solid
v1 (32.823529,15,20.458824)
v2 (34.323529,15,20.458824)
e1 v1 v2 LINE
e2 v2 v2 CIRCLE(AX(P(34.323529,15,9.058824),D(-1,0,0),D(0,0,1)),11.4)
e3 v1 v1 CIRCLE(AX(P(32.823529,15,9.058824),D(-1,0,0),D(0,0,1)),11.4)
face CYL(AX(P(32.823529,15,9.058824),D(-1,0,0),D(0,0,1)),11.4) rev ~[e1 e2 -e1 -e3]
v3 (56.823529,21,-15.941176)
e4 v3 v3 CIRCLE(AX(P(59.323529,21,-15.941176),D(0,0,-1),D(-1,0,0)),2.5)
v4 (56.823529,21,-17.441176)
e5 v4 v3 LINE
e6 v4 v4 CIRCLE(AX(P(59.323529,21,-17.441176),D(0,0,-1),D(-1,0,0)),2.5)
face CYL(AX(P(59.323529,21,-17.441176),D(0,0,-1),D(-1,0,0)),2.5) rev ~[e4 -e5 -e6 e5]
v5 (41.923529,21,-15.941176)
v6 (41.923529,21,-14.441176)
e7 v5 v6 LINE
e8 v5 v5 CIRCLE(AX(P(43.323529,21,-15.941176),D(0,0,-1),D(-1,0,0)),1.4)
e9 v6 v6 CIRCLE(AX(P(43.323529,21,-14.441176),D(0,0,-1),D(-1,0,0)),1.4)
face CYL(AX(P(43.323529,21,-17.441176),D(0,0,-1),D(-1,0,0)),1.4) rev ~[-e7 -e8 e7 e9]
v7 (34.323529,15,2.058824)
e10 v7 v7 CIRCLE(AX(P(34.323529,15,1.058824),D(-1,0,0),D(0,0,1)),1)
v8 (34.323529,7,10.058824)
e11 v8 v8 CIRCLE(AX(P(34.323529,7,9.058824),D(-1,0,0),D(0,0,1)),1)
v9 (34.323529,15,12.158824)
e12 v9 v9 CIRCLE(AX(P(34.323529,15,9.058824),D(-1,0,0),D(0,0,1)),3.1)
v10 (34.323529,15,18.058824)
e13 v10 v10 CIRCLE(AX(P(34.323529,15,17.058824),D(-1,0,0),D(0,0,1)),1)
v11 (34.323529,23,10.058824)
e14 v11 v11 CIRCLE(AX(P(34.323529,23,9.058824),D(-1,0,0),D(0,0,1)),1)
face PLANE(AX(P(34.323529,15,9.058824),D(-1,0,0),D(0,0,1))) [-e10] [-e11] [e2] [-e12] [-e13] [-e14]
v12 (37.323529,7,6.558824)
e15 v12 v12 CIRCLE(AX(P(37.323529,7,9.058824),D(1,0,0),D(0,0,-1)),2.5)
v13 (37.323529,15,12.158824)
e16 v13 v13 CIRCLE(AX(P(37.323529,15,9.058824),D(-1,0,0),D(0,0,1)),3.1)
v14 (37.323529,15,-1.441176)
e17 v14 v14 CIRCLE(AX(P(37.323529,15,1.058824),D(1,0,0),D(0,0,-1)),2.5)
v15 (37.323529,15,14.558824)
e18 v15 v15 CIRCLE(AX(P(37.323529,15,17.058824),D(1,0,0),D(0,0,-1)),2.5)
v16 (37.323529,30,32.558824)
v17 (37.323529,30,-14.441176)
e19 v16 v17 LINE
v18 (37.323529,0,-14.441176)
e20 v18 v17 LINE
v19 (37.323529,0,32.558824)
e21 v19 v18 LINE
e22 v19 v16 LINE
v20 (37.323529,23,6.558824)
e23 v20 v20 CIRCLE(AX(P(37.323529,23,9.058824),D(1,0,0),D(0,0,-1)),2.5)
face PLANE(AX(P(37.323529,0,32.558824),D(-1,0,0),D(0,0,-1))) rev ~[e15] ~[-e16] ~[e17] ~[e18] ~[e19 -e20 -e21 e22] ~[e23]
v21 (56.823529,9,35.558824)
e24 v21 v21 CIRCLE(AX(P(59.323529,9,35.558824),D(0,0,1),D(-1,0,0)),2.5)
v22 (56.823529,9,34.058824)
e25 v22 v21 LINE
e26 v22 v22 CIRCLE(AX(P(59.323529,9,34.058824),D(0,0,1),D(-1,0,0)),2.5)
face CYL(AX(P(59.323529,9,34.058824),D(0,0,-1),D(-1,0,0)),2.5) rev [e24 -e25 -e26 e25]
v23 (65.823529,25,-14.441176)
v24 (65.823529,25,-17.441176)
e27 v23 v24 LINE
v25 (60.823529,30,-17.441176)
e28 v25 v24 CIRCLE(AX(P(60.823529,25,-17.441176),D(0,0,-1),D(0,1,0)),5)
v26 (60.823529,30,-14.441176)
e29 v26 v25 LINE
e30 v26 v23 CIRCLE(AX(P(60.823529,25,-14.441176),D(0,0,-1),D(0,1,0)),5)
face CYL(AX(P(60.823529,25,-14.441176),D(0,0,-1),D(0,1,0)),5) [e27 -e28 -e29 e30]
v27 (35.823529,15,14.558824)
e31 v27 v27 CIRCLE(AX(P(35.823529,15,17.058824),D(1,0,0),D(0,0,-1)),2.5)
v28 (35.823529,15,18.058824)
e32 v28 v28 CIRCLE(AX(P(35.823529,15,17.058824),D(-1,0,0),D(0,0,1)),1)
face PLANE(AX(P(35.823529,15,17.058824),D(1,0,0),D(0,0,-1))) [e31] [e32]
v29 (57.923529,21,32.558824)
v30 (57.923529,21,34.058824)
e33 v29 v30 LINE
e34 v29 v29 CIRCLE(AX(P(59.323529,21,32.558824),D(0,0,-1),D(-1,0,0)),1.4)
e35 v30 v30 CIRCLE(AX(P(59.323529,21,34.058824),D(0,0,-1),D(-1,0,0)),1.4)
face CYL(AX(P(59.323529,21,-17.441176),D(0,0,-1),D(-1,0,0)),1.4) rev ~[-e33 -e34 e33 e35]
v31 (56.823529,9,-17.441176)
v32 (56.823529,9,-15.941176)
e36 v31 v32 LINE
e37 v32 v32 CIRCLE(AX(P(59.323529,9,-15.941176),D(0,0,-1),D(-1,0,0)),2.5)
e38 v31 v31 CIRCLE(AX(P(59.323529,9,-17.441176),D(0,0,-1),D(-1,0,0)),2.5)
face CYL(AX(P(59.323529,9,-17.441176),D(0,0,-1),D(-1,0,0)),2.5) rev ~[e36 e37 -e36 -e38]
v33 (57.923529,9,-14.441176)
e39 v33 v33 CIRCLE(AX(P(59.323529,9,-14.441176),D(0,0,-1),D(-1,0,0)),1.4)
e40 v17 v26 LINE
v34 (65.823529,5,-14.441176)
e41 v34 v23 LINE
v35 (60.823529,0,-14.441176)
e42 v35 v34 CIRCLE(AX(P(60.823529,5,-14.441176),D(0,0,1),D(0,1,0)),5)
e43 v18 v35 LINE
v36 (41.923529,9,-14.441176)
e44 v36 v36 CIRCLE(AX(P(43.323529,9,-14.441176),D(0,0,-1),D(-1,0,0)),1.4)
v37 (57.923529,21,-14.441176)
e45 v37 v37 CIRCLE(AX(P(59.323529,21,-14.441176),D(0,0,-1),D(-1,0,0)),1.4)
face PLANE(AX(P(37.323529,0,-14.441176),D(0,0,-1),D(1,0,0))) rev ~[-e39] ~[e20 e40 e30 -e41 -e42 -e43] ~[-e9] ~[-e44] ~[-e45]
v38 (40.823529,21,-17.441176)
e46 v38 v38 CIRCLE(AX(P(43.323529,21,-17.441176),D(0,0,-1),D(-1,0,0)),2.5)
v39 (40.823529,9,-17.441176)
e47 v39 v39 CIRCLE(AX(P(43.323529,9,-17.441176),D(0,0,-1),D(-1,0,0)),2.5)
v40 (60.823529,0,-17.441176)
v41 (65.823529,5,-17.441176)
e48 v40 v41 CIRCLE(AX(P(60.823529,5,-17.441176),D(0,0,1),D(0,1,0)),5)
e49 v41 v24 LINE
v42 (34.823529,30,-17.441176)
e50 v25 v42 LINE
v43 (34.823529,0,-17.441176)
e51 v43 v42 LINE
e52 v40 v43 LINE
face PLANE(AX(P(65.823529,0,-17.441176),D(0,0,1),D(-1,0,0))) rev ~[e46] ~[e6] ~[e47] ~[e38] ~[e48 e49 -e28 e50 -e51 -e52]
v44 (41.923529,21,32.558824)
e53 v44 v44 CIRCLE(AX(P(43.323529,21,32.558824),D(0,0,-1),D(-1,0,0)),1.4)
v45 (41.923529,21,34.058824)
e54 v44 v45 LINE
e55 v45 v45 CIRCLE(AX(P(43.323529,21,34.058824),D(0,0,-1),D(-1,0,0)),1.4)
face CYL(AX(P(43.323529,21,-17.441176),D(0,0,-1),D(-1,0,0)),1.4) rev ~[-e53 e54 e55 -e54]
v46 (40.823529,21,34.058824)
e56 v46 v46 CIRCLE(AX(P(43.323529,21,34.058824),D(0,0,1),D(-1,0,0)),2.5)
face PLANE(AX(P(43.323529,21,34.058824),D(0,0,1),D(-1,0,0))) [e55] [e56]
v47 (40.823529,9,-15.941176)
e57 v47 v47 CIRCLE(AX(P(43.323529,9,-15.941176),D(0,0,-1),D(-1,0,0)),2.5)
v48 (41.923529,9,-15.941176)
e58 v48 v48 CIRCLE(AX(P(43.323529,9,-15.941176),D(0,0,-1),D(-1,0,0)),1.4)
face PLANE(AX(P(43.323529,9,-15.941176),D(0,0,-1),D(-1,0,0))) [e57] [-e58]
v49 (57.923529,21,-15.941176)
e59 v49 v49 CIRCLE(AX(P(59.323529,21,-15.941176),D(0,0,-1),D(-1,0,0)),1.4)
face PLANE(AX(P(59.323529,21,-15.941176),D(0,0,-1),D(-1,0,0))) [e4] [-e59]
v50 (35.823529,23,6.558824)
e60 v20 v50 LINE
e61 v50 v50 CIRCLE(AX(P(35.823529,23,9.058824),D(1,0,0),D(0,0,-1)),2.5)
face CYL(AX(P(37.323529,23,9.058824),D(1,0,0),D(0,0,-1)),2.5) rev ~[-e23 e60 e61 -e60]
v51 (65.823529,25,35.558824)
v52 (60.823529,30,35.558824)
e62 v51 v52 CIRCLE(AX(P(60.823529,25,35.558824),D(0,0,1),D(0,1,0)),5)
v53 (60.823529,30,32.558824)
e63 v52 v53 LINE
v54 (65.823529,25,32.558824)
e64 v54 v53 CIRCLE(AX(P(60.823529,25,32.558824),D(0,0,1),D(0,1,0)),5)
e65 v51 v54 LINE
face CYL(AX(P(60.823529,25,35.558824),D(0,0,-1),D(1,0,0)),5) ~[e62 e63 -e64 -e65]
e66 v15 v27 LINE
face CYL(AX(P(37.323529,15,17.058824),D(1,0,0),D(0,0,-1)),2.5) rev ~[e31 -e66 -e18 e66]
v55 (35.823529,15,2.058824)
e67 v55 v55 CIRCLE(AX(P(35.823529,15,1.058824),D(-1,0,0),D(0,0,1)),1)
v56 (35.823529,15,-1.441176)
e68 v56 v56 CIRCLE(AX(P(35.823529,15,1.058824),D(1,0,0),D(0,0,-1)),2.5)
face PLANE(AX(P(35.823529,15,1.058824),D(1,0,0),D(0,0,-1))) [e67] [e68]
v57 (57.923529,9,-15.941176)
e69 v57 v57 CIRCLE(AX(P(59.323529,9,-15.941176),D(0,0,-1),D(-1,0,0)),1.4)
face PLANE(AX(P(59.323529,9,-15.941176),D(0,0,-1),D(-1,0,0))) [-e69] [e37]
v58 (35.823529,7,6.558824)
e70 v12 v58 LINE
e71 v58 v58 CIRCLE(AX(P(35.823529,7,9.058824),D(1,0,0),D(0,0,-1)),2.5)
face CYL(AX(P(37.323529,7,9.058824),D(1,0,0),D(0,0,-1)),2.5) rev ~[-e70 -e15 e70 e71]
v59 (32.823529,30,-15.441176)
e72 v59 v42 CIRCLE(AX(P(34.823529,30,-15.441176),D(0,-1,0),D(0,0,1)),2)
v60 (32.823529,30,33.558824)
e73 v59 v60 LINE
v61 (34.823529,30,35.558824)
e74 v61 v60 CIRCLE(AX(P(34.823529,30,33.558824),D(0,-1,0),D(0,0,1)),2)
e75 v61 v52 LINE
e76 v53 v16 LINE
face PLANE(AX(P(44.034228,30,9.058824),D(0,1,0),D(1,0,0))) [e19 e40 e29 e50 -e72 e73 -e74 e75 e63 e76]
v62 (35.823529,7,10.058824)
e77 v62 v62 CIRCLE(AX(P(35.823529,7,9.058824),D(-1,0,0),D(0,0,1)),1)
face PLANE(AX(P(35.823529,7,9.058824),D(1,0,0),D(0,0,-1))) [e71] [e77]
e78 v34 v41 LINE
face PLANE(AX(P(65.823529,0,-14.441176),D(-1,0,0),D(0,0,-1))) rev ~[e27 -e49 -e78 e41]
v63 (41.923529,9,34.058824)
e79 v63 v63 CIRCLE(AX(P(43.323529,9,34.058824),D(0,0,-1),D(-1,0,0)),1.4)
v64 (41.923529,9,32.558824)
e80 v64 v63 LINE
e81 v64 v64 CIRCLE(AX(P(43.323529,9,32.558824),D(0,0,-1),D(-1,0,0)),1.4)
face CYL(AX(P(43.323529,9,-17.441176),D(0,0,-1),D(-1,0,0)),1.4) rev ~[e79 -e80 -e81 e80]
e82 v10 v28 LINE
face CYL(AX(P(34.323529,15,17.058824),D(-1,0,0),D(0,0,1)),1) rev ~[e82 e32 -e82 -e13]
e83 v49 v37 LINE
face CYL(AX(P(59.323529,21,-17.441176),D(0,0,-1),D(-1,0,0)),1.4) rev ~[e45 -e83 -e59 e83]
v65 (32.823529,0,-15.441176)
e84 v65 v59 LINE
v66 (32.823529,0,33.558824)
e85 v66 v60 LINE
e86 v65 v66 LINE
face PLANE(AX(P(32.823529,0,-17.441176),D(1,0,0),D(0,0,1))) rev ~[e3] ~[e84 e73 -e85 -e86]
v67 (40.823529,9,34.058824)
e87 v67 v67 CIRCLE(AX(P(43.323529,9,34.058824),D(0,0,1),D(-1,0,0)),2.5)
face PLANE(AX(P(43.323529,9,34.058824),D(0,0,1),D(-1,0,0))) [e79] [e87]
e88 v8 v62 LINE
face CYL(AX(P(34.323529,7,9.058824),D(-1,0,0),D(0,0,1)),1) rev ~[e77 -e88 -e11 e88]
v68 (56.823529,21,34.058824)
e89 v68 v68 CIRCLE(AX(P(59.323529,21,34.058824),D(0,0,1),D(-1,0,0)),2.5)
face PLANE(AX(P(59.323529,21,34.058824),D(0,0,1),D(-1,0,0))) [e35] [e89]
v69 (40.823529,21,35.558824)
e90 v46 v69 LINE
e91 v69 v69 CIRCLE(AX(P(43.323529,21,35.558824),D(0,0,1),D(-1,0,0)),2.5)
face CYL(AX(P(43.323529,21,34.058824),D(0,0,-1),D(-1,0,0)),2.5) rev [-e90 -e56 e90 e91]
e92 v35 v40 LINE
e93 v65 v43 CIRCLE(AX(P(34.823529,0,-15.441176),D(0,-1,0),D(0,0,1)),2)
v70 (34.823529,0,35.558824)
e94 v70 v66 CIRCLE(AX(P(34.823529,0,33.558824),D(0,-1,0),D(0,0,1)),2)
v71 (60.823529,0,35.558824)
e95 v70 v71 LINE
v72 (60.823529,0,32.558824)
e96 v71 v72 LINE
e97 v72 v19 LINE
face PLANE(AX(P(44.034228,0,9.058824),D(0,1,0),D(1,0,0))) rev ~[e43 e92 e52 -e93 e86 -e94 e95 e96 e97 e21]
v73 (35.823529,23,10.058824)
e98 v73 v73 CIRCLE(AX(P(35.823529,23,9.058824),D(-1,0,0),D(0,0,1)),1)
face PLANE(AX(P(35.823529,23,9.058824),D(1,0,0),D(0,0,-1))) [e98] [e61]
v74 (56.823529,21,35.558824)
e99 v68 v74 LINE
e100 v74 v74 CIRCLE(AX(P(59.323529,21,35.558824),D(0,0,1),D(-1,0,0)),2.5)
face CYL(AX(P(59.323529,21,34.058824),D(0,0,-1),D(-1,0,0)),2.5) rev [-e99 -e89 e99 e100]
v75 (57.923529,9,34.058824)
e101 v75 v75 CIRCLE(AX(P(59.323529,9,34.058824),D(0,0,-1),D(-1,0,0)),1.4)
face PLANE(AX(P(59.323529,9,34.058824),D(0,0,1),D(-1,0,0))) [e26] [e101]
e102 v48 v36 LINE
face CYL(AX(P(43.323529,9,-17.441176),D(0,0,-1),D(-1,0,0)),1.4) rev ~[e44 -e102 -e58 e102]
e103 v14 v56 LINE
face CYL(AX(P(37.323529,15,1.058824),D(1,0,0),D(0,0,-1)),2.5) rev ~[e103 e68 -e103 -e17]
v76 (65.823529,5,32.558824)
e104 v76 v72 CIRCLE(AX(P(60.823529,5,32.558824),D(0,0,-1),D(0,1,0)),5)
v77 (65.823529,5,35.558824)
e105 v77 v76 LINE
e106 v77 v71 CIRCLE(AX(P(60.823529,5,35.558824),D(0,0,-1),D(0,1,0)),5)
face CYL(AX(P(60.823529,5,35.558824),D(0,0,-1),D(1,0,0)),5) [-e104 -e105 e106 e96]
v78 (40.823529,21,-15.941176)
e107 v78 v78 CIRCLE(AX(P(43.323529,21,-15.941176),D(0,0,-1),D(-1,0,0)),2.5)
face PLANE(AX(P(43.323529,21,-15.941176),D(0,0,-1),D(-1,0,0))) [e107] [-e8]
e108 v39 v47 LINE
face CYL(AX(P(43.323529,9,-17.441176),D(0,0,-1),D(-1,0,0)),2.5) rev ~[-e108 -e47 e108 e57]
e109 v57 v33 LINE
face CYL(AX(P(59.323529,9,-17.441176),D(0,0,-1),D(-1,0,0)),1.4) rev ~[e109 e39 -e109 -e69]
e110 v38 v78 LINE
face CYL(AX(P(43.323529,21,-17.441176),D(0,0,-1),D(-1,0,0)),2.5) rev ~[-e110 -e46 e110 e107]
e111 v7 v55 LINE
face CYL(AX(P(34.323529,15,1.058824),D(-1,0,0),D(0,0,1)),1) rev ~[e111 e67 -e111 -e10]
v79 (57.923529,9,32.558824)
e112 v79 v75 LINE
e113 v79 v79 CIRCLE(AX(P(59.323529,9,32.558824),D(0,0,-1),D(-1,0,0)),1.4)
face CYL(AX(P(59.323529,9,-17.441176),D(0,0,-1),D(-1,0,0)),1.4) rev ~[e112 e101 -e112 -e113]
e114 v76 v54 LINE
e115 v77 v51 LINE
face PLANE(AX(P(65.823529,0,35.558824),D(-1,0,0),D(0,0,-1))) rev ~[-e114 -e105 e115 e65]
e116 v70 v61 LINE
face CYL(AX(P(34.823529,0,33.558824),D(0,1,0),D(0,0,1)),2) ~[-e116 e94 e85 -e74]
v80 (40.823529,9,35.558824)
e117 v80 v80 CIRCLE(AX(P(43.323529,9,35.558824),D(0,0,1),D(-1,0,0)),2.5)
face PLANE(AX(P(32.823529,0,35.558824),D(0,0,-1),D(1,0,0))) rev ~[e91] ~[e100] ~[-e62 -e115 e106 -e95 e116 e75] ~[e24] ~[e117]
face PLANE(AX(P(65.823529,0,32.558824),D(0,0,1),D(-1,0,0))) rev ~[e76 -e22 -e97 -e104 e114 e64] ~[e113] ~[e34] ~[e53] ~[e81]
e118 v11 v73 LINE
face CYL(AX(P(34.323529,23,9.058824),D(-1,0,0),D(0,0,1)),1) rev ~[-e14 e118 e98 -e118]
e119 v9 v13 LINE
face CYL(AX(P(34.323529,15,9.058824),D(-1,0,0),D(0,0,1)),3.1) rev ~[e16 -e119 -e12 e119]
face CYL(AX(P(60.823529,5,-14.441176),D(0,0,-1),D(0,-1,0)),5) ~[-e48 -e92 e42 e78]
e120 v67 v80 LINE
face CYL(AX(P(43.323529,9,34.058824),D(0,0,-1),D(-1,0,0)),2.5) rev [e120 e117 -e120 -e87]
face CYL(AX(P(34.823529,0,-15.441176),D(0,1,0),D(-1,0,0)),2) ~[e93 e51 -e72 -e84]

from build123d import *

# Parameters (mm, degrees)
BOSS_EXTRUDE1_DEPTH = 30
SKETCH2_R           = 1.4
CUT_EXTRUDE1_DEPTH  = 90.675732638
SKETCH3_R           = 2.5
CUT_EXTRUDE2_DEPTH  = 1.5
CUT_EXTRUDE3_START  = -1.5
SKETCH4_R           = 2.5
CUT_EXTRUDE3_DEPTH  = 1.5
SKETCH5_R           = 11.4
CUT_EXTRUDE4_DEPTH  = 1.5
SKETCH6_R           = 3.1
SKETCH6_R_2         = 1
CUT_EXTRUDE5_DEPTH  = 57.184338839
FILLET1_R           = 5
FILLET2_R           = 2
SKETCH7_R           = 2.5
CUT_EXTRUDE6_DEPTH  = 1.5


with BuildPart() as part:
    # Sketch1 → Boss-Extrude1 (new body)
    with BuildSketch(Plane(origin=(0, 0, 0), x_dir=(1, 0, 0), z_dir=(0, 1, 0))):
        Polygon((65.823529412, -35.558823529), (65.823529412, -32.558823529), (37.323529412, -32.558823529), (37.323529412, 14.441176471), (65.823529412, 14.441176471), (65.823529412, 17.441176471), (32.823529412, 17.441176471), (32.823529412, -35.558823529), align=None)
    extrude(amount=BOSS_EXTRUDE1_DEPTH)

    # Sketch2 → Cut-Extrude1 (cut, through all)
    with BuildSketch(Plane(origin=(0, 0, -17.441176471), x_dir=(-1, 0, 0), z_dir=(0, 0, -1))):
        with Locations((-59.323529412, 9)):
            Circle(SKETCH2_R)
        with Locations((-43.323529412, 9)):
            Circle(SKETCH2_R)
        with Locations((-43.323529412, 21)):
            Circle(SKETCH2_R)
        with Locations((-59.323529412, 21)):
            Circle(SKETCH2_R)
    extrude(amount=-CUT_EXTRUDE1_DEPTH, mode=Mode.SUBTRACT)

    # Sketch3 → Cut-Extrude2 (cut)
    with BuildSketch(Plane(origin=(0, 0, -17.441176471), x_dir=(-1, 0, 0), z_dir=(0, 0, -1))):
        with Locations((-59.323529412, 9)):
            Circle(SKETCH3_R)
        with Locations((-43.323529412, 9)):
            Circle(SKETCH3_R)
        with Locations((-43.323529412, 21)):
            Circle(SKETCH3_R)
        with Locations((-59.323529412, 21)):
            Circle(SKETCH3_R)
    extrude(amount=-CUT_EXTRUDE2_DEPTH, mode=Mode.SUBTRACT)

    # Sketch4 → Cut-Extrude3 (cut)
    with BuildSketch(Plane.XY.offset(35.558823529).offset(CUT_EXTRUDE3_START)):
        with Locations(Location((59.323529412, 21, 0), (0, 0, 180))):
            Circle(SKETCH4_R)
        with Locations(Location((43.323529412, 21, 0), (0, 0, 180))):
            Circle(SKETCH4_R)
        with Locations(Location((43.323529412, 9, 0), (0, 0, 180))):
            Circle(SKETCH4_R)
        with Locations(Location((59.323529412, 9, 0), (0, 0, 180))):
            Circle(SKETCH4_R)
    extrude(amount=CUT_EXTRUDE3_DEPTH, mode=Mode.SUBTRACT)

    # Sketch5 → Cut-Extrude4 (cut)
    with BuildSketch(Plane.ZY.offset(-32.823529412)):
        with Locations((9.058823529, 15)):
            Circle(SKETCH5_R)
    extrude(amount=-CUT_EXTRUDE4_DEPTH, mode=Mode.SUBTRACT)

    # Sketch6 → Cut-Extrude5 (cut, through all)
    with BuildSketch(Plane.ZY.offset(-34.323529412)):
        with Locations((9.058823529, 15)):
            Circle(SKETCH6_R)
        with Locations((1.058823529, 15)):
            Circle(SKETCH6_R_2)
        with Locations((9.058823529, 23)):
            Circle(SKETCH6_R_2)
        with Locations((17.058823529, 15)):
            Circle(SKETCH6_R_2)
        with Locations((9.058823529, 7)):
            Circle(SKETCH6_R_2)
    extrude(amount=-CUT_EXTRUDE5_DEPTH, mode=Mode.SUBTRACT)

    # Fillet1
    fillet1_edges = [part.edges().sort_by_distance(p)[0] for p in [
        (65.823529412, 0, 34.058823529),
        (65.823529412, 30, -15.941176471),
        (65.823529412, 30, 34.058823529),
        (65.823529412, 0, -15.941176471),
    ]]
    fillet(fillet1_edges, radius=FILLET1_R)

    # Fillet2
    fillet2_edges = [part.edges().sort_by_distance(p)[0] for p in [
        (32.823529412, 15, 35.558823529),
        (32.823529412, 15, -17.441176471),
    ]]
    fillet(fillet2_edges, radius=FILLET2_R)

    # Sketch7 → Cut-Extrude6 (cut)
    with BuildSketch(Plane(origin=(37.323529412, 0, 0), x_dir=(0, 0, -1), z_dir=(1, 0, 0))):
        with Locations((-17.058823529, 15)):
            Circle(SKETCH7_R)
        with Locations((-9.058823529, 23)):
            Circle(SKETCH7_R)
        with Locations((-1.058823529, 15)):
            Circle(SKETCH7_R)
        with Locations((-9.058823529, 7)):
            Circle(SKETCH7_R)
    extrude(amount=-CUT_EXTRUDE6_DEPTH, mode=Mode.SUBTRACT)


solid = part.part
